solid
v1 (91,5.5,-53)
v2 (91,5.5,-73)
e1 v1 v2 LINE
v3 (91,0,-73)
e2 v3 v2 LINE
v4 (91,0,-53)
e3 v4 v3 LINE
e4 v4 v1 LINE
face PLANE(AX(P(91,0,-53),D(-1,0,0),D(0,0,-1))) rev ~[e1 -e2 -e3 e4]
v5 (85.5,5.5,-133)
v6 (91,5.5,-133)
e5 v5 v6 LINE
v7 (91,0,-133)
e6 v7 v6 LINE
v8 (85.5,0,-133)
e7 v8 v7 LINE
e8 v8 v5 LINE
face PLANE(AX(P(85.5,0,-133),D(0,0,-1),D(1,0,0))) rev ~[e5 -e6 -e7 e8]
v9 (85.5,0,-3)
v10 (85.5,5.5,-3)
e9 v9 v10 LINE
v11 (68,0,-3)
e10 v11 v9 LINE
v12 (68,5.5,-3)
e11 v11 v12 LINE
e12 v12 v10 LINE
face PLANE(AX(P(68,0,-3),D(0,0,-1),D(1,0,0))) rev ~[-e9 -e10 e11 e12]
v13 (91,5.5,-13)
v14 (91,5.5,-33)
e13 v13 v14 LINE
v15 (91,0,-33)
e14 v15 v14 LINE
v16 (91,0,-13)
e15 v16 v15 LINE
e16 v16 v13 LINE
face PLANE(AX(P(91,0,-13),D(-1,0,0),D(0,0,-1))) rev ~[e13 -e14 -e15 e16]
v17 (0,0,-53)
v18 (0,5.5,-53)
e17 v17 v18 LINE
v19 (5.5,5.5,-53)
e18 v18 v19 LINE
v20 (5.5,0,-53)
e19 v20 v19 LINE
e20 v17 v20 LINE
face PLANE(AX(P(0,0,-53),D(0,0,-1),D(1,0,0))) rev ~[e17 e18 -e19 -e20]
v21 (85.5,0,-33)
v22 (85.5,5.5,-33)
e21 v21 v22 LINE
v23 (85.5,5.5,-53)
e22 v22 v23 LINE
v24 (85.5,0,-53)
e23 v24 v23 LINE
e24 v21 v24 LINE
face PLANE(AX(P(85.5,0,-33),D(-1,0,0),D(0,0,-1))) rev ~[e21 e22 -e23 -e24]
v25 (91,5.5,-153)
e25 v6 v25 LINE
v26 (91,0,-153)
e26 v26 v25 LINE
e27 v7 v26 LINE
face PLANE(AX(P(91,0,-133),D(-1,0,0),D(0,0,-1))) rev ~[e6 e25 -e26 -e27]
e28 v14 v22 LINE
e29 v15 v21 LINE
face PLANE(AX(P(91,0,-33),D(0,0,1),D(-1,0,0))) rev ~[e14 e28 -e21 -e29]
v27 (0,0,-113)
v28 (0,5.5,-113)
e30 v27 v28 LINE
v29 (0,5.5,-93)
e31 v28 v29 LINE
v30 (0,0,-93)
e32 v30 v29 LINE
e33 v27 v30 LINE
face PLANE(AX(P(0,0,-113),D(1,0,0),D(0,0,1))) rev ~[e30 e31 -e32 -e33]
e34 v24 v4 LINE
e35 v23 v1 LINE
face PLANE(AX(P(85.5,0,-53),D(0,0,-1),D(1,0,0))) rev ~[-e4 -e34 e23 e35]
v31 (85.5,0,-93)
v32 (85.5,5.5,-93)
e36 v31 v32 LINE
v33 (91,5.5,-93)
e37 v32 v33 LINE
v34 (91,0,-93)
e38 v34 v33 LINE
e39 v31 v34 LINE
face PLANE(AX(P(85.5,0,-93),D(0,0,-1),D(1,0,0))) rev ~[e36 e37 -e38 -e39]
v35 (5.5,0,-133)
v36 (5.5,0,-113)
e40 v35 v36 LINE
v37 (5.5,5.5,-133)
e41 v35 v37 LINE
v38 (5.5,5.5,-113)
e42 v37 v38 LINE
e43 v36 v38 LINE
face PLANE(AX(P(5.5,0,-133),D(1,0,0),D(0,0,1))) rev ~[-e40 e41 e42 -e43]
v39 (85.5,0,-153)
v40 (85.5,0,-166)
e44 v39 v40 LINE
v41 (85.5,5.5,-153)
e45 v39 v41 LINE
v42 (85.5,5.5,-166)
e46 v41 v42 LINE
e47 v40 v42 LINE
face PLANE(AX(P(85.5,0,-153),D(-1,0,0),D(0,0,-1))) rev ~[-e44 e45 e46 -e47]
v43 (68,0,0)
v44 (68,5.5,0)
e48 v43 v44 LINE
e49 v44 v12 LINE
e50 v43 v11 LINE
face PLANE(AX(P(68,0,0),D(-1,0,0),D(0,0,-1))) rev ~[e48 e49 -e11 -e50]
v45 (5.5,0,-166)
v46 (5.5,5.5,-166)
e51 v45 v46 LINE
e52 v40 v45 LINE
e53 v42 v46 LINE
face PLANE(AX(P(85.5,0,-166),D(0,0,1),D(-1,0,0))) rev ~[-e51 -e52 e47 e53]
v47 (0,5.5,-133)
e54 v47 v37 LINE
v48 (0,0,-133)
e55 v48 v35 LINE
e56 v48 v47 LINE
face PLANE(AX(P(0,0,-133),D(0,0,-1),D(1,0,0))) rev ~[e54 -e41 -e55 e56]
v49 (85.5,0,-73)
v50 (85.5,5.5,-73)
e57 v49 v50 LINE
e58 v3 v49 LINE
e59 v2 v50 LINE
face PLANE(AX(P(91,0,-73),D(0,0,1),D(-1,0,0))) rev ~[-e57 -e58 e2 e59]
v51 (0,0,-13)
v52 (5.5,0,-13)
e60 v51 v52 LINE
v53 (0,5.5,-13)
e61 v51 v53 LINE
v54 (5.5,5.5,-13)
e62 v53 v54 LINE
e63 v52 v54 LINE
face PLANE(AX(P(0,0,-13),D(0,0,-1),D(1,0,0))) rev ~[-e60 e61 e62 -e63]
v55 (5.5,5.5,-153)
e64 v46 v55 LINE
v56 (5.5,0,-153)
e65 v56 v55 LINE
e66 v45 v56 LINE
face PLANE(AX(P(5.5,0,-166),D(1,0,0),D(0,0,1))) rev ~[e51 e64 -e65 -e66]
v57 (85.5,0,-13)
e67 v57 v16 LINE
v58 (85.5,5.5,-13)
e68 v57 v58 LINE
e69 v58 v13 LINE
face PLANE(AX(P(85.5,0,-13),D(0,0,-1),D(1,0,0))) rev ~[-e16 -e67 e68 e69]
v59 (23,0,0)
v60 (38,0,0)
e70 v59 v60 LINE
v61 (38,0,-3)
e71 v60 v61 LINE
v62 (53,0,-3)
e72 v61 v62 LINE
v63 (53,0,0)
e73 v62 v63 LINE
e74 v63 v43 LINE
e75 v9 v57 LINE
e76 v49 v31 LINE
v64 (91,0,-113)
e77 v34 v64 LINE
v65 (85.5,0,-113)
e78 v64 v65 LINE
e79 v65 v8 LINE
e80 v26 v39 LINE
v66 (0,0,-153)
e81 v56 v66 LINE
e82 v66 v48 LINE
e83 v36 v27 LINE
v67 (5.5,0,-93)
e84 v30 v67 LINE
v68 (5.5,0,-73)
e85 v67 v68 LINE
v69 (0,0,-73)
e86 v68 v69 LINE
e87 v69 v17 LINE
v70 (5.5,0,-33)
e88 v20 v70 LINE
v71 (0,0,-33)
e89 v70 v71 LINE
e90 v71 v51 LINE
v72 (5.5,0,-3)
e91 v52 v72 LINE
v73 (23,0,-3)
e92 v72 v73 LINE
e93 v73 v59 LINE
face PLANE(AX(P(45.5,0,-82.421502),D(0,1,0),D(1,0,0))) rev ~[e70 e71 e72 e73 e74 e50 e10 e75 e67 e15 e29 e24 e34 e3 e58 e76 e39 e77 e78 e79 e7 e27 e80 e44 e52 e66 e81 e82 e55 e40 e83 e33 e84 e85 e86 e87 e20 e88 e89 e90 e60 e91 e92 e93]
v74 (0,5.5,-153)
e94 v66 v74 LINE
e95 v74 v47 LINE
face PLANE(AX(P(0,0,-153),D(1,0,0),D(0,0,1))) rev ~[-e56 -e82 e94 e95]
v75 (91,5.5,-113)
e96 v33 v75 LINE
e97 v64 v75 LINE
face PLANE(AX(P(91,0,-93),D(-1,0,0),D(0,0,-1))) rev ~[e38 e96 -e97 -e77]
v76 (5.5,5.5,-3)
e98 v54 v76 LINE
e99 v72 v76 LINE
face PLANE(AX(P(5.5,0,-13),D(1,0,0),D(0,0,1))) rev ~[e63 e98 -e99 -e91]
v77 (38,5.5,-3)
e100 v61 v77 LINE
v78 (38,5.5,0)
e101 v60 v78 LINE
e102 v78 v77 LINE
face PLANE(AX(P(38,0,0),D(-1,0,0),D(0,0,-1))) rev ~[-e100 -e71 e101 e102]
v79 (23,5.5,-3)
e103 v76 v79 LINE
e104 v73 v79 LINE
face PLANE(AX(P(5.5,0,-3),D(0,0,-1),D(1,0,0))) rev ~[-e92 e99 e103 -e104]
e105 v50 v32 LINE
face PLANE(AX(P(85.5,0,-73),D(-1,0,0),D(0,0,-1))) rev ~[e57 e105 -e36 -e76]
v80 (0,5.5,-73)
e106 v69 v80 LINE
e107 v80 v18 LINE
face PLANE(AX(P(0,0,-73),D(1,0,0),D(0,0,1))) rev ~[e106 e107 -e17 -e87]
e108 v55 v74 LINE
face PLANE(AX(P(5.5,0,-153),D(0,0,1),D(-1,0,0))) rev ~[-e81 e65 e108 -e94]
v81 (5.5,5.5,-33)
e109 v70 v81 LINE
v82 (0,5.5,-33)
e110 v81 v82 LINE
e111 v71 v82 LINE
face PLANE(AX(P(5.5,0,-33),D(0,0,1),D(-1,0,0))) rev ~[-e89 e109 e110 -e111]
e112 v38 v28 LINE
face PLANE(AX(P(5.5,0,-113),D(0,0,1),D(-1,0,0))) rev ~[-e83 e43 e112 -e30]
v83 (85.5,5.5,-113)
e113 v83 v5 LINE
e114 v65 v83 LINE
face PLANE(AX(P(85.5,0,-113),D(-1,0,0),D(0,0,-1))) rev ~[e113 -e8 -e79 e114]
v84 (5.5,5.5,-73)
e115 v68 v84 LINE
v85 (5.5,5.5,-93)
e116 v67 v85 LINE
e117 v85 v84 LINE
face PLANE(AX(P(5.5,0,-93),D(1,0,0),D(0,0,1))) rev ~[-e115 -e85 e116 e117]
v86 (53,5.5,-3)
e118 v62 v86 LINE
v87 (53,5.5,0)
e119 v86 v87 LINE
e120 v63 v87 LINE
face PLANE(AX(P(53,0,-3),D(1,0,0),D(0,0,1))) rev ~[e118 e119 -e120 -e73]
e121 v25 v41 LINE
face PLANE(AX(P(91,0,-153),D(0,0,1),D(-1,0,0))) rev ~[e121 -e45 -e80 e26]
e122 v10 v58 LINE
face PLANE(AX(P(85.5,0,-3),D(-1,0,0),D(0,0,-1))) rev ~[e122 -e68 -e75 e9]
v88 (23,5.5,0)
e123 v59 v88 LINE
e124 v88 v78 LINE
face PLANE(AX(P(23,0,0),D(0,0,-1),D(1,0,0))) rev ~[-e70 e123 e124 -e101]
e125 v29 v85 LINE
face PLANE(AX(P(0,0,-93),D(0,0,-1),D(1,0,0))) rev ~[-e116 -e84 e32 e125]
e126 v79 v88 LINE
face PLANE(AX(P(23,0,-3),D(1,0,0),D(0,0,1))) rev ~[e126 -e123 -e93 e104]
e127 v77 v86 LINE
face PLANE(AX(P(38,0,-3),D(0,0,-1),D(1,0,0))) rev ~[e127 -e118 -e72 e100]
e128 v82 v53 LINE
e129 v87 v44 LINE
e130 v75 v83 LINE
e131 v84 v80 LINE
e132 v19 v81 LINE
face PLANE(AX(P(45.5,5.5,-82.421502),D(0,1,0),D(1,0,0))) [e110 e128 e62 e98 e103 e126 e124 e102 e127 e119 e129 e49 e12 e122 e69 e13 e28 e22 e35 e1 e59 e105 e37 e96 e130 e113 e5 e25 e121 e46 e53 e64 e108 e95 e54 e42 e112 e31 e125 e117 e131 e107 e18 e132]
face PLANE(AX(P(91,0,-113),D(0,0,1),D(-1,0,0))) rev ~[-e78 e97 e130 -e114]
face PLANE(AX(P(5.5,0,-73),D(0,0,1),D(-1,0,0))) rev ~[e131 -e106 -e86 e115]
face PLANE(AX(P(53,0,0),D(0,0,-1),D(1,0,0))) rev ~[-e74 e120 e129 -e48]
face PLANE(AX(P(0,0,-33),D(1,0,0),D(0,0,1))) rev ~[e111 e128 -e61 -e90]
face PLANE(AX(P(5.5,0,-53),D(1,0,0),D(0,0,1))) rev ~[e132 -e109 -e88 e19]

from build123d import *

# Parameters (mm, degrees)
SALIENTE_EXTRUIR1_DEPTH = 5.5


with BuildPart() as part:
    # Croquis1 → Saliente-Extruir1 (new body)
    with BuildSketch(Plane(origin=(0, 0, 0), x_dir=(1, 0, 0), z_dir=(0, 1, 0))):
        Polygon((23, 3), (23, 0), (38, 0), (38, 3), (53, 3), (53, 0), (68, 0), (68, 3), (85.5, 3), (85.5, 13), (91, 13), (91, 33), (85.5, 33), (85.5, 53), (91, 53), (91, 73), (85.5, 73), (85.5, 93), (91, 93), (91, 113), (85.5, 113), (85.5, 133), (91, 133), (91, 153), (85.5, 153), (85.5, 166), (5.5, 166), (5.5, 153), (0, 153), (0, 133), (5.5, 133), (5.5, 113), (0, 113), (0, 93), (5.5, 93), (5.5, 73), (0, 73), (0, 53), (5.5, 53), (5.5, 33), (0, 33), (0, 13), (5.5, 13), (5.5, 3), align=None)
    extrude(amount=SALIENTE_EXTRUIR1_DEPTH)


solid = part.part
